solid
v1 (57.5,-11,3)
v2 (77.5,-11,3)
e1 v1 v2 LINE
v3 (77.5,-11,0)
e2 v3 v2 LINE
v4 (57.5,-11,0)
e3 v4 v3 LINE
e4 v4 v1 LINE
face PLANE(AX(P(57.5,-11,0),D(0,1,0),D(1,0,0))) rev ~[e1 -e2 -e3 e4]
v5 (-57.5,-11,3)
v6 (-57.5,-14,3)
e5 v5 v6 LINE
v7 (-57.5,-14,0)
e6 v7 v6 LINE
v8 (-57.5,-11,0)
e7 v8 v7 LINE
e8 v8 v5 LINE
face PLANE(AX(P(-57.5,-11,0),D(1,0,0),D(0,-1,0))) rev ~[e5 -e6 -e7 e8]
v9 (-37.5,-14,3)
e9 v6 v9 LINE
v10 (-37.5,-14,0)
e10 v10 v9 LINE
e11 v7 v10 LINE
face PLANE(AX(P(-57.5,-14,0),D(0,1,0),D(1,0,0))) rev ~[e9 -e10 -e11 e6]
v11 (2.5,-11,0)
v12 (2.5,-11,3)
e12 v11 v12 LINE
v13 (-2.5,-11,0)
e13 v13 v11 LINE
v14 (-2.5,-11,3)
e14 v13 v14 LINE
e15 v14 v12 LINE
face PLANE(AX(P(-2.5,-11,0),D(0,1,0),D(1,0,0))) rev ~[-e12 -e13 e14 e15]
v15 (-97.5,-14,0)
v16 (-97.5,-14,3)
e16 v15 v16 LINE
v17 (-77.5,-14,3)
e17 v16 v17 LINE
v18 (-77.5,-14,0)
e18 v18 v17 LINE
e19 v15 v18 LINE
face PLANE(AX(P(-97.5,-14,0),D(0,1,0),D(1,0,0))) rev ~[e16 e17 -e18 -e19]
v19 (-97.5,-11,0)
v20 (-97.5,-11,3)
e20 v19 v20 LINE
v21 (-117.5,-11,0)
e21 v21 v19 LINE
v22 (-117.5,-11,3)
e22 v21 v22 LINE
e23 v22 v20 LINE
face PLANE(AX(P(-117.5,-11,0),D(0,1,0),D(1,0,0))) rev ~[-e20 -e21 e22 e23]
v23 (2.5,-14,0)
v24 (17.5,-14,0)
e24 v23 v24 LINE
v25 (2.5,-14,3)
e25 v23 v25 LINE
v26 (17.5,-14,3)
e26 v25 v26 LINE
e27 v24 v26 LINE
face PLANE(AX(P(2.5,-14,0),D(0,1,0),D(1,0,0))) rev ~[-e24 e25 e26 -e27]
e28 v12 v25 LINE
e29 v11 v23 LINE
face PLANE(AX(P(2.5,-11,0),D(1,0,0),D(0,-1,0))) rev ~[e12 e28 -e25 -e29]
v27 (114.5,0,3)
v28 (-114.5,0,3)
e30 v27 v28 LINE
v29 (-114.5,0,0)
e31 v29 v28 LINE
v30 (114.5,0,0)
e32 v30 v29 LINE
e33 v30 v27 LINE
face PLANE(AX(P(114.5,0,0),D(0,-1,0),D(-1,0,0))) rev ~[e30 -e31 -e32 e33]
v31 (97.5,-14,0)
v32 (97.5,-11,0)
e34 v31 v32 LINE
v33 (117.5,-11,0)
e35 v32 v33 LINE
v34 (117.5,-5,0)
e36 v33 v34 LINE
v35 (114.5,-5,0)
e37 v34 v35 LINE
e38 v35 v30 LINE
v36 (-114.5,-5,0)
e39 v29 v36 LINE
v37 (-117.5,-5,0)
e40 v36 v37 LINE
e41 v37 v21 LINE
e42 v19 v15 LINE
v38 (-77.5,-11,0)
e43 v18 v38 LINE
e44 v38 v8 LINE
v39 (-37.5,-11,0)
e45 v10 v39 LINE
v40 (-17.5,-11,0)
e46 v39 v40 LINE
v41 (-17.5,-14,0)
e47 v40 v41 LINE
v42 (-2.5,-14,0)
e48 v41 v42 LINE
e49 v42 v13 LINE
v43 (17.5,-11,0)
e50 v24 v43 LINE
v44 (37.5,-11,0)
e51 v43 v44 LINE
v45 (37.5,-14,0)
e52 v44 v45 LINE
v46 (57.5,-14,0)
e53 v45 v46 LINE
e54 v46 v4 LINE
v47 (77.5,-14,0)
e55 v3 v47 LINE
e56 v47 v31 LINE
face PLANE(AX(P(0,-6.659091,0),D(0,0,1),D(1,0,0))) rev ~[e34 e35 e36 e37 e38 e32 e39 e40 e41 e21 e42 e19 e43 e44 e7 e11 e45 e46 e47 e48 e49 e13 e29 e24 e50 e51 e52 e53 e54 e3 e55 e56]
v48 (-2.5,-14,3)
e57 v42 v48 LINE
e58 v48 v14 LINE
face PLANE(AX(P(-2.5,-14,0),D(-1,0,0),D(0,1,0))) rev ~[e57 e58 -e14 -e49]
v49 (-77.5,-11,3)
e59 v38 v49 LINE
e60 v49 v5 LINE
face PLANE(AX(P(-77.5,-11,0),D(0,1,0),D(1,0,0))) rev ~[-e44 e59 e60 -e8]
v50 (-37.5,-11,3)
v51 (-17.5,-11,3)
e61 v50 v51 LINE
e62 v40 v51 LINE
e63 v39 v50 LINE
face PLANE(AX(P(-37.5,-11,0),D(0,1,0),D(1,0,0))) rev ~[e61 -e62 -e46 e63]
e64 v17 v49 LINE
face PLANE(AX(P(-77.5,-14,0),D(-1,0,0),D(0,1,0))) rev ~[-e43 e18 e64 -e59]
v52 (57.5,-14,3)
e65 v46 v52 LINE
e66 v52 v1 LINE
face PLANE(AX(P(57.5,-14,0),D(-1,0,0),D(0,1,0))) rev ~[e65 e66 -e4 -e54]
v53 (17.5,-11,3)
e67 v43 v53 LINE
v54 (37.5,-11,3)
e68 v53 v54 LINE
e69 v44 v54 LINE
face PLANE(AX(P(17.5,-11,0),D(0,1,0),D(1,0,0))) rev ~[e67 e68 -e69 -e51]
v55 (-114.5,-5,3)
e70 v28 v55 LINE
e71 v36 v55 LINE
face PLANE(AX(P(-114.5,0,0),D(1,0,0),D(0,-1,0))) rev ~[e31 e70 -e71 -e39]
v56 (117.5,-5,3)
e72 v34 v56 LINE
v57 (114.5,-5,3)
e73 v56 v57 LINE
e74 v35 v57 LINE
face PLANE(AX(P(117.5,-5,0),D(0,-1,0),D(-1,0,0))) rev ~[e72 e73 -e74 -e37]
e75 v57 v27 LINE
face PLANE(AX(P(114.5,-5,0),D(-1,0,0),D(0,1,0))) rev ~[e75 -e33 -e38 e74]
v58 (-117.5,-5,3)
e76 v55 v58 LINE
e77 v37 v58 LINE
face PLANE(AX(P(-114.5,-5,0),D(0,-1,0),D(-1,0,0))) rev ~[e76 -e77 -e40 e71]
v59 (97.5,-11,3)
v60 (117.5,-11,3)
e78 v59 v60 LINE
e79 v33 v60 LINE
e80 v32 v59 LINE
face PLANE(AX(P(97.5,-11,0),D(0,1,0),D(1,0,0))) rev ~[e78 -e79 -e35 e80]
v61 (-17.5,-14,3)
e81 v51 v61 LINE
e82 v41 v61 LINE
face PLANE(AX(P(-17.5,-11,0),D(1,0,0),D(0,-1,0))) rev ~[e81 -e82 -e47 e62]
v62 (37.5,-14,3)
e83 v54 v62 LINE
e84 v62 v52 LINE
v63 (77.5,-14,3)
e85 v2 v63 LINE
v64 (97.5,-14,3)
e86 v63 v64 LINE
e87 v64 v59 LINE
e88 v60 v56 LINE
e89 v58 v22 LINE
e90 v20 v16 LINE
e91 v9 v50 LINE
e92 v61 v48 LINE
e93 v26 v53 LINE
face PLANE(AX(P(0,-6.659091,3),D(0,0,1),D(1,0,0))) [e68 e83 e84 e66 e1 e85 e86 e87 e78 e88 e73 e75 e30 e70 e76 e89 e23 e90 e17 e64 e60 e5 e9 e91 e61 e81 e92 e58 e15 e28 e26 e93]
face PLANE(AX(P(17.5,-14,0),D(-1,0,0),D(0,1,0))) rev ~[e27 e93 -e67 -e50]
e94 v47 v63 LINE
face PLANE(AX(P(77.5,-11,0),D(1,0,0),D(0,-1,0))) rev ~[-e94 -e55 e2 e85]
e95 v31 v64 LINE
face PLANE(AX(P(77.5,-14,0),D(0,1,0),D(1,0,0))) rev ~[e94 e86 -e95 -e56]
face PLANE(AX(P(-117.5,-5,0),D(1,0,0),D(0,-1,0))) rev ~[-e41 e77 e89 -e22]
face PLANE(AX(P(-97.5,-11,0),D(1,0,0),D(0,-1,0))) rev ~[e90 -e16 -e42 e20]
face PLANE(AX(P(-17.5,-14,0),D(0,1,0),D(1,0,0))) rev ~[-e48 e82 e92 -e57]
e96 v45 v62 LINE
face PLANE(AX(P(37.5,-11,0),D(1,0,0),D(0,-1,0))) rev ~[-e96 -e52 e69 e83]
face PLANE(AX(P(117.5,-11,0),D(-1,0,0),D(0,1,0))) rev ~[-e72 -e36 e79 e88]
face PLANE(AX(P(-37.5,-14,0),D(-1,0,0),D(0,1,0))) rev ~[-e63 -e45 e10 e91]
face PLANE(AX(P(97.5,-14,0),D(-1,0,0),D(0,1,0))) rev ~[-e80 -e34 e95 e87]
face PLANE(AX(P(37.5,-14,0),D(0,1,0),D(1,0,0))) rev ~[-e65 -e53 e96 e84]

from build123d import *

# Parameters (mm, degrees)
F1_DEPTH = 3


with BuildPart() as f1:
    # F0 (on Top) → F1 (new body)
    with BuildSketch(Plane.XY):
        Polygon((-117.5, -5), (-117.5, -11), (-97.5, -11), (-97.5, -14), (-77.5, -14), (-77.5, -11), (-57.5, -11), (-57.5, -14), (-37.5, -14), (-37.5, -11), (-17.5, -11), (-17.5, -14), (-2.5, -14), (-2.5, -11), (2.5, -11), (2.5, -14), (17.5, -14), (17.5, -11), (37.5, -11), (37.5, -14), (57.5, -14), (57.5, -11), (77.5, -11), (77.5, -14), (97.5, -14), (97.5, -11), (117.5, -11), (117.5, -5), (114.5, -5), (114.5, 0), (-114.5, 0), (-114.5, -5), align=None)
    extrude(amount=F1_DEPTH)


solid = f1.part
